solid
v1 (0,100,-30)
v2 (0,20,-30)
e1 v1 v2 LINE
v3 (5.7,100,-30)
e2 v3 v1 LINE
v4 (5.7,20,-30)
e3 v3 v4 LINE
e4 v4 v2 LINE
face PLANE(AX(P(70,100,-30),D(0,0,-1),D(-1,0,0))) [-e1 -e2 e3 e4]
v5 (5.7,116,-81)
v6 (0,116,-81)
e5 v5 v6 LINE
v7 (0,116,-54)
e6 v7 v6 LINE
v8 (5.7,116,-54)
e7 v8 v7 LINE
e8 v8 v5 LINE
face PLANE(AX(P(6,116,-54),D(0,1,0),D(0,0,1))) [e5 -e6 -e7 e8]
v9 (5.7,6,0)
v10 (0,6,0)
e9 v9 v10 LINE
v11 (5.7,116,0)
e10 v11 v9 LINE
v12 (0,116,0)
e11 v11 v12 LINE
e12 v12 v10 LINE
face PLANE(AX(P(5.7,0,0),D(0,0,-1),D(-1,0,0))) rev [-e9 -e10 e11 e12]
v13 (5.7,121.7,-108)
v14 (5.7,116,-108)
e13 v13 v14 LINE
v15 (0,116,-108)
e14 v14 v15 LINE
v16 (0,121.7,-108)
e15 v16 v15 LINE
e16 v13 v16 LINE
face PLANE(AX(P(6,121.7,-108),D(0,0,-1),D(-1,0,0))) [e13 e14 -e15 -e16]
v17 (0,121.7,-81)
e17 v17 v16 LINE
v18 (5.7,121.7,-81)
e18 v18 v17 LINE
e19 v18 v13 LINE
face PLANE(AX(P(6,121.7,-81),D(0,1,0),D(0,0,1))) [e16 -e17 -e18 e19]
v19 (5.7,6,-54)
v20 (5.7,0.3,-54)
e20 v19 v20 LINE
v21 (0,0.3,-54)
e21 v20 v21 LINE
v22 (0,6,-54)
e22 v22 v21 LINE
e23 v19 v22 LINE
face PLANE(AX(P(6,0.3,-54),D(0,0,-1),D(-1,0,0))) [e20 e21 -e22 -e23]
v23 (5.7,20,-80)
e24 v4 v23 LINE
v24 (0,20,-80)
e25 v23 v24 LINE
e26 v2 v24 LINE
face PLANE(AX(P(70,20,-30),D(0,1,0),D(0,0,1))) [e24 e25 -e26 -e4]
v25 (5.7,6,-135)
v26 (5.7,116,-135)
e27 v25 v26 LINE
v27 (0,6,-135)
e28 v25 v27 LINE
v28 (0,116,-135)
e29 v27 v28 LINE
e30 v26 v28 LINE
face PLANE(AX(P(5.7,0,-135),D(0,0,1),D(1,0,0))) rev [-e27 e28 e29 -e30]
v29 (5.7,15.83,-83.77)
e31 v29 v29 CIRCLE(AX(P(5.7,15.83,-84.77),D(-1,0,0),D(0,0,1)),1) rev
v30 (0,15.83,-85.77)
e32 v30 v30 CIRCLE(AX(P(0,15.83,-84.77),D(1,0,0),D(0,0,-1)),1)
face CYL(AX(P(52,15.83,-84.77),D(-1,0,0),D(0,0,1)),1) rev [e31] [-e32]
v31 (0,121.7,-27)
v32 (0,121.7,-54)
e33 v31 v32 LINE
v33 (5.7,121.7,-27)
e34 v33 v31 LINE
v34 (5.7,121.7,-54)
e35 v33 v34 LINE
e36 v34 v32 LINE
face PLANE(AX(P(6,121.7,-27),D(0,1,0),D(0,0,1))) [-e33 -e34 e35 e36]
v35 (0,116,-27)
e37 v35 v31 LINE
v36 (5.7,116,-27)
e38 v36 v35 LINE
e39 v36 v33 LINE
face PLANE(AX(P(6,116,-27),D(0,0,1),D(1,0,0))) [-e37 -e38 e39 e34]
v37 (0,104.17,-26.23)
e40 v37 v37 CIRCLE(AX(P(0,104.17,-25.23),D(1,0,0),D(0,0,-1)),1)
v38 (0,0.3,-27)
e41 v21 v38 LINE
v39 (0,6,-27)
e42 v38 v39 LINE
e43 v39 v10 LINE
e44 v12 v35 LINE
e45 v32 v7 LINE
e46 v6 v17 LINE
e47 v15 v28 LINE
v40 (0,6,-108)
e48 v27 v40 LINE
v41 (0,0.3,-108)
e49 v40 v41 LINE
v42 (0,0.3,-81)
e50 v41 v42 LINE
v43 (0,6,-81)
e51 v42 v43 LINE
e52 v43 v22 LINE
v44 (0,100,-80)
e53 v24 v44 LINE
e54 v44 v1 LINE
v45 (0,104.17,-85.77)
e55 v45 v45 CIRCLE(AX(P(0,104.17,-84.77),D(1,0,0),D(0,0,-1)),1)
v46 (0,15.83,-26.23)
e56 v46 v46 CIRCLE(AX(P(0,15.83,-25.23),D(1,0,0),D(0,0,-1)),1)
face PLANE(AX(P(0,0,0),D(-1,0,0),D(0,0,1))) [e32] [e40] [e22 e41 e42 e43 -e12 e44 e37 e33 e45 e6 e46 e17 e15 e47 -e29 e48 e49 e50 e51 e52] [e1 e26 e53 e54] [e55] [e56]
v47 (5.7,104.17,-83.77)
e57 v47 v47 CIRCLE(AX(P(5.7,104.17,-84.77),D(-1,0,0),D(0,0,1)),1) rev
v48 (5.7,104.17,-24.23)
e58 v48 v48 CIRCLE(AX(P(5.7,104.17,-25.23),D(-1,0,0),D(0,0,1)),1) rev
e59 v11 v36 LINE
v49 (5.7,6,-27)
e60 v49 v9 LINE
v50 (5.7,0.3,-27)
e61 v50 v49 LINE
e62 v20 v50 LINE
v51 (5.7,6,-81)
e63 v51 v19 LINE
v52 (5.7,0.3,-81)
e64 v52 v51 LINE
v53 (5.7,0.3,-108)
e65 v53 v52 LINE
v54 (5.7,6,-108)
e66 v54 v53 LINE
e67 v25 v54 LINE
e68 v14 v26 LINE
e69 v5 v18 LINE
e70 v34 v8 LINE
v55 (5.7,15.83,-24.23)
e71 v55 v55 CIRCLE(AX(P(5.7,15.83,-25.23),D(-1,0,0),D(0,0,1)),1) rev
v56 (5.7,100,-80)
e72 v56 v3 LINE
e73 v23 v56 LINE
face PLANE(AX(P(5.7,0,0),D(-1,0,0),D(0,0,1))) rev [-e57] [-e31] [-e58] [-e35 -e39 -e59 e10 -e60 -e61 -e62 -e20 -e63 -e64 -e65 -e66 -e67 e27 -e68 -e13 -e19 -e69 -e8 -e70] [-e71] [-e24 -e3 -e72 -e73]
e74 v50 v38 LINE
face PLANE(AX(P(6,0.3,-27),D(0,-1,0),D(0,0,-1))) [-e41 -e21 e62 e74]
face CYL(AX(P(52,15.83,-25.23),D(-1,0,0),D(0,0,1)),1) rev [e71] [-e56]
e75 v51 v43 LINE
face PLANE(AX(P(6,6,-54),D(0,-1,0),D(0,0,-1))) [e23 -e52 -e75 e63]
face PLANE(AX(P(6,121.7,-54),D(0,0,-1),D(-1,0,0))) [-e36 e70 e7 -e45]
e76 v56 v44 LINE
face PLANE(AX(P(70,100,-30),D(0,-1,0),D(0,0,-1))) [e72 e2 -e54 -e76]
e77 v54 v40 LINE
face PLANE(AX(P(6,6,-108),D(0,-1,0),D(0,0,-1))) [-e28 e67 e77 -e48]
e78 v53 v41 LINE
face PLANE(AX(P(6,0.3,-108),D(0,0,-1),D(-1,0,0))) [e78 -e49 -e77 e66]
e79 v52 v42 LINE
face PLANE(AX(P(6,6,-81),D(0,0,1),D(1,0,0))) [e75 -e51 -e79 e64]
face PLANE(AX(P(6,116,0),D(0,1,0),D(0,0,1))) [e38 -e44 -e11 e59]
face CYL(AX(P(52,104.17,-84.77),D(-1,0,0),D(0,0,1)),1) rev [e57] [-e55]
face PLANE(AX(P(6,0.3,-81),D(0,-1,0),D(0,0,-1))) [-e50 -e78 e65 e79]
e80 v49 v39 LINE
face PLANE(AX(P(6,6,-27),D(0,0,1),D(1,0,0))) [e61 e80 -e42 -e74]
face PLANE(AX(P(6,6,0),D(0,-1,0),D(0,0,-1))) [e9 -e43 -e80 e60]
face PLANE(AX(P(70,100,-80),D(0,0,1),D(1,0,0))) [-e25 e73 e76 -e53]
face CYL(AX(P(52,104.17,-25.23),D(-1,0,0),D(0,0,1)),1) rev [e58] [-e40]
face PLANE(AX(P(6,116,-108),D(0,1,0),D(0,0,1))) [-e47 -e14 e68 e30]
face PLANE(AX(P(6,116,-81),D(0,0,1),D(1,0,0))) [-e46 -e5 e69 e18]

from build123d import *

# Parameters (mm, degrees)
SKETCH1_W           = 135
SKETCH1_H           = 122
BOSS_EXTRUDE1_DEPTH = 5.7
CUT_EXTRUDE1_DEPTH  = 6
HOLE_W              = 50
HOLE_H              = 80
CUT_EXTRUDE2_DEPTH  = 70
SCREW_LOCATIONS_R   = 1
CUT_EXTRUDE3_DEPTH  = 52


with BuildPart() as part:
    # Sketch1 → Boss-Extrude1 (new body)
    with BuildSketch(Plane(origin=(0, 0, 0), x_dir=(0, 0, -1), z_dir=(1, 0, 0))):
        with Locations((67.5, 61)):
            Rectangle(SKETCH1_W, SKETCH1_H)
    extrude(amount=BOSS_EXTRUDE1_DEPTH)

    # Sketch2 → Cut-Extrude1 (cut)
    with BuildSketch(Plane(origin=(0, 0, 0), x_dir=(0, 0, -1), z_dir=(1, 0, 0))):
        Polygon((0, 116), (27, 116), (27, 121.7), (54, 121.7), (54, 116), (81, 116), (81, 121.7), (108, 121.7), (108, 116), (135, 116), (135, 130), (0, 130), align=None)
        Polygon((0, -8), (0, 6), (27, 6), (27, 0.3), (54, 0.3), (54, 6), (81, 6), (81, 0.3), (108, 0.3), (108, 6), (135, 6), (135, -8), align=None)
    extrude(amount=CUT_EXTRUDE1_DEPTH, mode=Mode.SUBTRACT)

    # Hole → Cut-Extrude2 (cut)
    with BuildSketch(Plane(origin=(0, 0, 0), x_dir=(0, 0, -1), z_dir=(1, 0, 0))):
        with Locations((55, 60)):
            Rectangle(HOLE_W, HOLE_H)
    extrude(amount=CUT_EXTRUDE2_DEPTH, mode=Mode.SUBTRACT)

    # Screw Locations → Cut-Extrude3 (cut)
    with BuildSketch(Plane(origin=(0, 0, 0), x_dir=(0, 0, -1), z_dir=(1, 0, 0))):
        with Locations((25.23, 104.17)):
            Circle(SCREW_LOCATIONS_R)
        with Locations((84.77, 104.17)):
            Circle(SCREW_LOCATIONS_R)
        with Locations((25.23, 15.83)):
            Circle(SCREW_LOCATIONS_R)
        with Locations((84.77, 15.83)):
            Circle(SCREW_LOCATIONS_R)
    extrude(amount=CUT_EXTRUDE3_DEPTH, mode=Mode.SUBTRACT)


solid = part.part
